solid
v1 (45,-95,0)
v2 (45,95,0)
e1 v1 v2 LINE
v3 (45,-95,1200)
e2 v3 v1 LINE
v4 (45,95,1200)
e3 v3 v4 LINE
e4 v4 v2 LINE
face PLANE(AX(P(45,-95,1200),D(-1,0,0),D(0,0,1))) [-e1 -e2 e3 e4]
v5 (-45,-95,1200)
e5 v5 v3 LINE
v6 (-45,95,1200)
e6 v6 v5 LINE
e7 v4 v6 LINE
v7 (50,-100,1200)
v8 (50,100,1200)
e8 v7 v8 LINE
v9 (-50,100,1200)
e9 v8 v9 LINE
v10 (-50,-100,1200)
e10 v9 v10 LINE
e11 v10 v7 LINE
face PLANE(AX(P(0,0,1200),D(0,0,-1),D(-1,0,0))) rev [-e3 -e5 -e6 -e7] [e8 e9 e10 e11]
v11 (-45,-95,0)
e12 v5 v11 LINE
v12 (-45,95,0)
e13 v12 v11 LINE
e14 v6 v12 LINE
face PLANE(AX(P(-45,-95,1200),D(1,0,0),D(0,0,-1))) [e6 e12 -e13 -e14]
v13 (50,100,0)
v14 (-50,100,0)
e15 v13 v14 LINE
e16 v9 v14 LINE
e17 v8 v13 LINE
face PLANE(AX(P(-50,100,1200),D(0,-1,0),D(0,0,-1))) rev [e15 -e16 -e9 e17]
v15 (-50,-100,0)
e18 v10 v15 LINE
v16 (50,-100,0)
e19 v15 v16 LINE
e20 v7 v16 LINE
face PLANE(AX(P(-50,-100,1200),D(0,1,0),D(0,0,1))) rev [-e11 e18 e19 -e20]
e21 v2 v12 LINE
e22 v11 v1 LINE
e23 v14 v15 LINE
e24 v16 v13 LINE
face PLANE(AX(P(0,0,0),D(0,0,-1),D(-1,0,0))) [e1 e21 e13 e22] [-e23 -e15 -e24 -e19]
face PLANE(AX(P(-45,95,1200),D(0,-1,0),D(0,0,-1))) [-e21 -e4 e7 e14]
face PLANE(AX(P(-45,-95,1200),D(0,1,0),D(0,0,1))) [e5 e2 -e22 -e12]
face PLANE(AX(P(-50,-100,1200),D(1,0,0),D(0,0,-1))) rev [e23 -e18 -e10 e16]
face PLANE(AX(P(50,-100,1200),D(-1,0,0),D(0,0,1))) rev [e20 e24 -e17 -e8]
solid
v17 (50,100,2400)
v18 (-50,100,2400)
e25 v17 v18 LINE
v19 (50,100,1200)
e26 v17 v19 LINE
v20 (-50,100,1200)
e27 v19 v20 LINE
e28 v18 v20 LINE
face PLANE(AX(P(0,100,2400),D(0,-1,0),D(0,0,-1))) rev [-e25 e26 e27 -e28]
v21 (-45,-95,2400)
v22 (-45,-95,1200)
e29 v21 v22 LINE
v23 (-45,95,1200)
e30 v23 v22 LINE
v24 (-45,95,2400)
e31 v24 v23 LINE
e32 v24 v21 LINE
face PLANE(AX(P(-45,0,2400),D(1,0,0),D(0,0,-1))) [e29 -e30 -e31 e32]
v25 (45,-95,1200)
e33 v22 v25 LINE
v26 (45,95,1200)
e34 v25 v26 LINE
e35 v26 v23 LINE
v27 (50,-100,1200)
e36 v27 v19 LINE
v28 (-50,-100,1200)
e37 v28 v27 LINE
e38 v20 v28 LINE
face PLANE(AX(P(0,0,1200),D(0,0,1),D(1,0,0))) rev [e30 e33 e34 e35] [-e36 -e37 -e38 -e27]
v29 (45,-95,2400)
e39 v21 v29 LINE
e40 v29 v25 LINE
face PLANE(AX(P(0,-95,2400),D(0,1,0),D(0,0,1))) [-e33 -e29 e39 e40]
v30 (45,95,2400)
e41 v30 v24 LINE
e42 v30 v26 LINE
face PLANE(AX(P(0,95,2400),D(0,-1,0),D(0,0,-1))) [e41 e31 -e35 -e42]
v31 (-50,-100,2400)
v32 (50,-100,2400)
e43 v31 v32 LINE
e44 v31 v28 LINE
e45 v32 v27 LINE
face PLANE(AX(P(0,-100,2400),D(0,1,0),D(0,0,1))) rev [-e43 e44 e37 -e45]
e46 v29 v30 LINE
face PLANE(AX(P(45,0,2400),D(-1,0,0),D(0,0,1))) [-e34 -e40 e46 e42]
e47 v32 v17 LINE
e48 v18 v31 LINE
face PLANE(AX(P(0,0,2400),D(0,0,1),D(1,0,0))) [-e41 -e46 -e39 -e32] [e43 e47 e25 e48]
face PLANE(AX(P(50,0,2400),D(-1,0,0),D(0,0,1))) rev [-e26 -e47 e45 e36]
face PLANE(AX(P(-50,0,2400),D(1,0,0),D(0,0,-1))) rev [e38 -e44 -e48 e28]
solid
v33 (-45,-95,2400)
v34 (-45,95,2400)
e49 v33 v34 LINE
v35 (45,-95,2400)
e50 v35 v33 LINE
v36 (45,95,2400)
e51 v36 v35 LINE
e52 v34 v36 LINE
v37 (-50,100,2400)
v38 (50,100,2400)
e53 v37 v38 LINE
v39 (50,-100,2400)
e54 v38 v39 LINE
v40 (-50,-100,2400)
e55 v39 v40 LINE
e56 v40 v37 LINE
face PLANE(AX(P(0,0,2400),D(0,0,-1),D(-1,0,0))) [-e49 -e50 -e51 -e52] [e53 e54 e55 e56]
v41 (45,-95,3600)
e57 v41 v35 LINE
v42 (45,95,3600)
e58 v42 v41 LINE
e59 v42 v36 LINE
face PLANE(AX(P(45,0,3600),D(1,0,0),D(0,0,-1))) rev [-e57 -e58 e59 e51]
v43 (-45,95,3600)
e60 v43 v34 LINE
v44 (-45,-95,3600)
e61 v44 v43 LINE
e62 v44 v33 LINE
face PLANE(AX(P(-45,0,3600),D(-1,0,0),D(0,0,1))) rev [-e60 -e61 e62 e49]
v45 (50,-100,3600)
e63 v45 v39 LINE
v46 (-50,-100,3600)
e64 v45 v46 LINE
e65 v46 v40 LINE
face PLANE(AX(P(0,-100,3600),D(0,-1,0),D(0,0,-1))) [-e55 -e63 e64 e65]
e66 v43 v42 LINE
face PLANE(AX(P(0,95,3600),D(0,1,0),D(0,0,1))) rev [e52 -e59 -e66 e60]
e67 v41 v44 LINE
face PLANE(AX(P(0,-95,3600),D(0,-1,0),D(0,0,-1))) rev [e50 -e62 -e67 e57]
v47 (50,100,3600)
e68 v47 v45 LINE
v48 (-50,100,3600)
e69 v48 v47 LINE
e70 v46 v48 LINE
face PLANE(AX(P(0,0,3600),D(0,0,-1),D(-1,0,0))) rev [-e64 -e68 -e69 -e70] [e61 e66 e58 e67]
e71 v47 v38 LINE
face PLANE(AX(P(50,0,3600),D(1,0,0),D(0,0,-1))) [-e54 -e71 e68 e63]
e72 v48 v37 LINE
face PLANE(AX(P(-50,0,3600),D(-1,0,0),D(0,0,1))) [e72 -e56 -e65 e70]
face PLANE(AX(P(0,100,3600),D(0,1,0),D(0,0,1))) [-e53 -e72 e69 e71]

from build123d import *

# Parameters (mm, degrees)
SKETCH_2_W      = 100
SKETCH_2_H      = 200
SKETCH_2_W_2    = 90
SKETCH_2_H_2    = 190
EXTRUDE_1_DEPTH = 1200
EXTRUDE_START   = 1200
SKETCH_2_2_W    = 100
SKETCH_2_2_H    = 200
SKETCH_2_2_W_2  = 90
SKETCH_2_2_H_2  = 190
EXTRUDE_2_DEPTH = 1200
EXTRUDE_START_2 = 2400
SKETCH_2_3_W    = 100
SKETCH_2_3_H    = 200
SKETCH_2_3_W_2  = 90
SKETCH_2_3_H_2  = 190
EXTRUDE_3_DEPTH = 1200


with BuildPart() as part:
    # Эскиз2 → Бобышка-Вытянуть1 (new body)
    with BuildSketch(Plane.XY):
        Rectangle(SKETCH_2_W, SKETCH_2_H)
        Rectangle(SKETCH_2_W_2, SKETCH_2_H_2, mode=Mode.SUBTRACT)
    extrude(amount=EXTRUDE_1_DEPTH)


with BuildPart() as body_2:
    # Эскиз2<2> → Бобышка-Вытянуть2 (new body)
    with BuildSketch(Plane.XY.offset(EXTRUDE_START)):
        Rectangle(SKETCH_2_2_W, SKETCH_2_2_H)
        Rectangle(SKETCH_2_2_W_2, SKETCH_2_2_H_2, mode=Mode.SUBTRACT)
    extrude(amount=EXTRUDE_2_DEPTH)


with BuildPart() as body_3:
    # Эскиз2<3> → Бобышка-Вытянуть3 (new body)
    with BuildSketch(Plane.XY.offset(EXTRUDE_START_2)):
        Rectangle(SKETCH_2_3_W, SKETCH_2_3_H)
        Rectangle(SKETCH_2_3_W_2, SKETCH_2_3_H_2, mode=Mode.SUBTRACT)
    extrude(amount=EXTRUDE_3_DEPTH)


solid = Compound([part.part, body_2.part, body_3.part])
